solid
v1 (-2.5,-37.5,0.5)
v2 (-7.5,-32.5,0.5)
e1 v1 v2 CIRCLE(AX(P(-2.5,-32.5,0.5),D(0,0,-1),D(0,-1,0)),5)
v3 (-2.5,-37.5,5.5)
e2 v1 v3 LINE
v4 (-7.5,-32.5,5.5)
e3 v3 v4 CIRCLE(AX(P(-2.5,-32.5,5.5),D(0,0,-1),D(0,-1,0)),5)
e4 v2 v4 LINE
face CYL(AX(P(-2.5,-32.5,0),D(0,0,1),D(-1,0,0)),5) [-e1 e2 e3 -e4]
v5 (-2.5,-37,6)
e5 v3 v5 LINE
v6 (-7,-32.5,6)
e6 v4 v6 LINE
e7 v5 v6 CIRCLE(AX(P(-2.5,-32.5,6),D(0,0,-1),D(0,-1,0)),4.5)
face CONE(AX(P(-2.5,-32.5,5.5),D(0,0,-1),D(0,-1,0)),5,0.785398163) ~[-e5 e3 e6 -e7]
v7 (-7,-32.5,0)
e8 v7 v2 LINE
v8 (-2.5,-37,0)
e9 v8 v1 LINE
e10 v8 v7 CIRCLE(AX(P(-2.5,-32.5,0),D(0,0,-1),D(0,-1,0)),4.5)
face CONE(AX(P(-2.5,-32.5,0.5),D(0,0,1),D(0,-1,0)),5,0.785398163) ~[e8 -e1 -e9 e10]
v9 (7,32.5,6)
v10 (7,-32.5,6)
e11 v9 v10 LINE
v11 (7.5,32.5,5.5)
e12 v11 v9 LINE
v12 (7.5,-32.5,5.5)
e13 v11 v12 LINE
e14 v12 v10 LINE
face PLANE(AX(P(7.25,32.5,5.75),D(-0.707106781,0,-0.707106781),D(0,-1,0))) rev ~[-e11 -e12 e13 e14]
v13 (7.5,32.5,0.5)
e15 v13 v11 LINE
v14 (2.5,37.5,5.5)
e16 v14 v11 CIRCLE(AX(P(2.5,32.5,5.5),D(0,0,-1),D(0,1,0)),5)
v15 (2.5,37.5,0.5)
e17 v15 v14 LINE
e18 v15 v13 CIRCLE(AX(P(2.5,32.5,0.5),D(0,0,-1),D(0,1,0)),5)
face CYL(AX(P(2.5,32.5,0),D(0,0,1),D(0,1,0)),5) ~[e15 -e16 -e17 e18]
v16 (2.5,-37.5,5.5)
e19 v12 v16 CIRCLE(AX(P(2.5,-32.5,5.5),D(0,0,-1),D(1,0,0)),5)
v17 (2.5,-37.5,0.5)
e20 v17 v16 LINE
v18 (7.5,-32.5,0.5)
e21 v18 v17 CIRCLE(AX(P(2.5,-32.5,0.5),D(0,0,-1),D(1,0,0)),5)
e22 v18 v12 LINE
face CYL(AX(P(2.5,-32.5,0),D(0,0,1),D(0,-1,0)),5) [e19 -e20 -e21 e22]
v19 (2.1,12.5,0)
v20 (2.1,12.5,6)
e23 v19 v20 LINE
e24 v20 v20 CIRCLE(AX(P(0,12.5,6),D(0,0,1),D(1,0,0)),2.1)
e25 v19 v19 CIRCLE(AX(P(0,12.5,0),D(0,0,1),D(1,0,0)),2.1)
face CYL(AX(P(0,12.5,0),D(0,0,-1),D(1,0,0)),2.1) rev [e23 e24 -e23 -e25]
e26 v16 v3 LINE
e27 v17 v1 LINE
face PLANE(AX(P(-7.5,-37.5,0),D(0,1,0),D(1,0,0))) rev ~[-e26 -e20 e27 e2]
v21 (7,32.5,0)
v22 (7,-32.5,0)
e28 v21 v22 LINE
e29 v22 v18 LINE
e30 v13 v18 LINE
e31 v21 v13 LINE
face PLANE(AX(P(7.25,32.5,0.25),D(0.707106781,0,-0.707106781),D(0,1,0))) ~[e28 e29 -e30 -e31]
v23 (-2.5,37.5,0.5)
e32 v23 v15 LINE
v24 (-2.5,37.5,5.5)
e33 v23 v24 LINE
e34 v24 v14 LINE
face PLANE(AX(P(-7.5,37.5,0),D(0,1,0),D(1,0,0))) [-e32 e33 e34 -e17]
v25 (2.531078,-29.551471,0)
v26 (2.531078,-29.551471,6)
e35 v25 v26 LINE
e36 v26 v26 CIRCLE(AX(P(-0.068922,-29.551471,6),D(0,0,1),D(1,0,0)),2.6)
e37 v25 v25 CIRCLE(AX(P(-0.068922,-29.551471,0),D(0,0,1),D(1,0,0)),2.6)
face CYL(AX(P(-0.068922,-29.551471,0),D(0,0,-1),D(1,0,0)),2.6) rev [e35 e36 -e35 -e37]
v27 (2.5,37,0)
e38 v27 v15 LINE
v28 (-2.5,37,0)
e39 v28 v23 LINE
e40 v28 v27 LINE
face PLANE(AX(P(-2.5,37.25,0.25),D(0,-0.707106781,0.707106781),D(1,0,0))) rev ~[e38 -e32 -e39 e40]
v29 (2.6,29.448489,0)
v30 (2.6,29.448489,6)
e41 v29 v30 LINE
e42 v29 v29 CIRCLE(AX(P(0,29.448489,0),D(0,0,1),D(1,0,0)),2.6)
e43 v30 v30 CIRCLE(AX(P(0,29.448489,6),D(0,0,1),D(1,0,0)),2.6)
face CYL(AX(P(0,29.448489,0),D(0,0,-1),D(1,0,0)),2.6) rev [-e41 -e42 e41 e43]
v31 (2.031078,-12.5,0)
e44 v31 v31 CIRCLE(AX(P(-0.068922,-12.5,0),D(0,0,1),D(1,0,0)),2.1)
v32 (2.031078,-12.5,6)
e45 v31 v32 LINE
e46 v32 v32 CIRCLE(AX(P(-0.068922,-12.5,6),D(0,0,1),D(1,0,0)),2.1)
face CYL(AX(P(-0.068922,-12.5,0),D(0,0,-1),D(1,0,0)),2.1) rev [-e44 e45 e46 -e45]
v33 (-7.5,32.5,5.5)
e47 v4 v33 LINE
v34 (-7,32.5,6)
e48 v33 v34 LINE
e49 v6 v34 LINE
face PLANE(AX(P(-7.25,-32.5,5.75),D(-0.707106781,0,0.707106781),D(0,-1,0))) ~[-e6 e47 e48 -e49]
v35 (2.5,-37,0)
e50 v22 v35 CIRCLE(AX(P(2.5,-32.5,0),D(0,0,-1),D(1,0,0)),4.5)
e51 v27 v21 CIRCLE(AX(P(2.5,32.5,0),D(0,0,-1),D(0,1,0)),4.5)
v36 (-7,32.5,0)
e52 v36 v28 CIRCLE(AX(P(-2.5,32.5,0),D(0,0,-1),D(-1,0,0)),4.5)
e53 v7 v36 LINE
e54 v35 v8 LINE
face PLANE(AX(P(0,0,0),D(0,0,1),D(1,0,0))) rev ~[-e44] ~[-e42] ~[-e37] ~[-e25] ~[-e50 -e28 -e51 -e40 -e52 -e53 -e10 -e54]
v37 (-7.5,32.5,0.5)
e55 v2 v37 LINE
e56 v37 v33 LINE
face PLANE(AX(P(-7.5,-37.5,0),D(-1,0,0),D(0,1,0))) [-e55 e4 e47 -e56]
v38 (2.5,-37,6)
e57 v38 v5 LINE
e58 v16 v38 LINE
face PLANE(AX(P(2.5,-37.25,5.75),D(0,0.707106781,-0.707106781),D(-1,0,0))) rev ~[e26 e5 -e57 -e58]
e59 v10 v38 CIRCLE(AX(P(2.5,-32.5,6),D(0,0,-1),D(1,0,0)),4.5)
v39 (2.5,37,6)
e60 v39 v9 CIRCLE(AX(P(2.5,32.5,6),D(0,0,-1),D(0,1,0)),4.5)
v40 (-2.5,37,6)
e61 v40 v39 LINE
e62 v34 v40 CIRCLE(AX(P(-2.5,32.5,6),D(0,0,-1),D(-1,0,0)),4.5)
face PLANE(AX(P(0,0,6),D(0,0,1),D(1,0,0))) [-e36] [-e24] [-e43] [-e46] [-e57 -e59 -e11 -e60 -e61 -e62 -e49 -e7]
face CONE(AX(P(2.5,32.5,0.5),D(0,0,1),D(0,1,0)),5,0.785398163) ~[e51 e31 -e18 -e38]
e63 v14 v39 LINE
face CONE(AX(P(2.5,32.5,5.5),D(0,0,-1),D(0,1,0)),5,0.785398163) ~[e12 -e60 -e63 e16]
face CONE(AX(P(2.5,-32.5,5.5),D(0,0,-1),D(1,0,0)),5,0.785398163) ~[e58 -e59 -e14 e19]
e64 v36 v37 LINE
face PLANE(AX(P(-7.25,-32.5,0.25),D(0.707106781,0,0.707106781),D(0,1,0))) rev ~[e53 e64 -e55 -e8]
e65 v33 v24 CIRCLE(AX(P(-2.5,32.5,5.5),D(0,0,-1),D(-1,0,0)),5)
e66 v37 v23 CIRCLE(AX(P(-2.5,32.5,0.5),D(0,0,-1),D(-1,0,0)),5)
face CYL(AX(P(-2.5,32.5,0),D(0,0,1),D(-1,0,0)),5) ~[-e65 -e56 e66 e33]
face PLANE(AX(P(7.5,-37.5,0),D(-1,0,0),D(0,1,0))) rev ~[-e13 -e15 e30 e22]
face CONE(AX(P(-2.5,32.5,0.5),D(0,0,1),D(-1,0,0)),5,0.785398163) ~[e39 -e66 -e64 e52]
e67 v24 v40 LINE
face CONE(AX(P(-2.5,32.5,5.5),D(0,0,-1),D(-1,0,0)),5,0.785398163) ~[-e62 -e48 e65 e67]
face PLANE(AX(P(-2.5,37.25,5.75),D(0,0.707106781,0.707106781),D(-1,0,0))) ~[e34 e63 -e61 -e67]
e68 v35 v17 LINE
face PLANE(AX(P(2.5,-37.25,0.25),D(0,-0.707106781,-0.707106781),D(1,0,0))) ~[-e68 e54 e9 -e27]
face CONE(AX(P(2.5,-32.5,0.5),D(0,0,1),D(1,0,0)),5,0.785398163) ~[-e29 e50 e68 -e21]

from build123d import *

# Parameters (mm, degrees)
F0_W     = 15
F0_H     = 75
F0_R     = 2.6
F0_R_2   = 2.1
F1_DEPTH = 6
F2_R     = 5
F3_SIZE  = 0.5


with BuildPart() as f1:
    # F0 (on Top) → F1 (new body)
    with BuildSketch(Plane.XY):
        Rectangle(F0_W, F0_H)
        with Locations((-0.0689222117, -29.5514707496)):
            Circle(F0_R, mode=Mode.SUBTRACT)
        with Locations((-0.0689222117, -12.5)):
            Circle(F0_R_2, mode=Mode.SUBTRACT)
        with Locations((0, 12.5)):
            Circle(F0_R_2, mode=Mode.SUBTRACT)
        with Locations((0, 29.4484889938)):
            Circle(F0_R, mode=Mode.SUBTRACT)
    extrude(amount=F1_DEPTH)

    # F2
    f2_edges = [f1.edges().sort_by_distance(p)[0] for p in [
        (-7.5, 37.5, 3),
        (7.5, 37.5, 3),
        (-7.5, -37.5, 3),
        (7.5, -37.5, 3),
    ]]
    fillet(f2_edges, radius=F2_R)

    # F3
    f3_edges = [f1.edges().sort_by_distance(p)[0] for p in [
        (-7.5, 0, 6),
        (7.5, 0, 6),
        (6.035534, 36.035534, 6),
        (0, 37.5, 6),
        (-6.035534, 36.035534, 6),
        (-6.035534, -36.035534, 6),
        (0, -37.5, 6),
        (6.035534, -36.035534, 6),
        (-6.035534, 36.035534, 0),
        (0, 37.5, 0),
        (6.035534, 36.035534, 0),
        (7.5, 0, 0),
        (-7.5, 0, 0),
        (-6.035534, -36.035534, 0),
        (0, -37.5, 0),
        (6.035534, -36.035534, 0),
    ]]
    chamfer(f3_edges, length=F3_SIZE)


solid = f1.part
